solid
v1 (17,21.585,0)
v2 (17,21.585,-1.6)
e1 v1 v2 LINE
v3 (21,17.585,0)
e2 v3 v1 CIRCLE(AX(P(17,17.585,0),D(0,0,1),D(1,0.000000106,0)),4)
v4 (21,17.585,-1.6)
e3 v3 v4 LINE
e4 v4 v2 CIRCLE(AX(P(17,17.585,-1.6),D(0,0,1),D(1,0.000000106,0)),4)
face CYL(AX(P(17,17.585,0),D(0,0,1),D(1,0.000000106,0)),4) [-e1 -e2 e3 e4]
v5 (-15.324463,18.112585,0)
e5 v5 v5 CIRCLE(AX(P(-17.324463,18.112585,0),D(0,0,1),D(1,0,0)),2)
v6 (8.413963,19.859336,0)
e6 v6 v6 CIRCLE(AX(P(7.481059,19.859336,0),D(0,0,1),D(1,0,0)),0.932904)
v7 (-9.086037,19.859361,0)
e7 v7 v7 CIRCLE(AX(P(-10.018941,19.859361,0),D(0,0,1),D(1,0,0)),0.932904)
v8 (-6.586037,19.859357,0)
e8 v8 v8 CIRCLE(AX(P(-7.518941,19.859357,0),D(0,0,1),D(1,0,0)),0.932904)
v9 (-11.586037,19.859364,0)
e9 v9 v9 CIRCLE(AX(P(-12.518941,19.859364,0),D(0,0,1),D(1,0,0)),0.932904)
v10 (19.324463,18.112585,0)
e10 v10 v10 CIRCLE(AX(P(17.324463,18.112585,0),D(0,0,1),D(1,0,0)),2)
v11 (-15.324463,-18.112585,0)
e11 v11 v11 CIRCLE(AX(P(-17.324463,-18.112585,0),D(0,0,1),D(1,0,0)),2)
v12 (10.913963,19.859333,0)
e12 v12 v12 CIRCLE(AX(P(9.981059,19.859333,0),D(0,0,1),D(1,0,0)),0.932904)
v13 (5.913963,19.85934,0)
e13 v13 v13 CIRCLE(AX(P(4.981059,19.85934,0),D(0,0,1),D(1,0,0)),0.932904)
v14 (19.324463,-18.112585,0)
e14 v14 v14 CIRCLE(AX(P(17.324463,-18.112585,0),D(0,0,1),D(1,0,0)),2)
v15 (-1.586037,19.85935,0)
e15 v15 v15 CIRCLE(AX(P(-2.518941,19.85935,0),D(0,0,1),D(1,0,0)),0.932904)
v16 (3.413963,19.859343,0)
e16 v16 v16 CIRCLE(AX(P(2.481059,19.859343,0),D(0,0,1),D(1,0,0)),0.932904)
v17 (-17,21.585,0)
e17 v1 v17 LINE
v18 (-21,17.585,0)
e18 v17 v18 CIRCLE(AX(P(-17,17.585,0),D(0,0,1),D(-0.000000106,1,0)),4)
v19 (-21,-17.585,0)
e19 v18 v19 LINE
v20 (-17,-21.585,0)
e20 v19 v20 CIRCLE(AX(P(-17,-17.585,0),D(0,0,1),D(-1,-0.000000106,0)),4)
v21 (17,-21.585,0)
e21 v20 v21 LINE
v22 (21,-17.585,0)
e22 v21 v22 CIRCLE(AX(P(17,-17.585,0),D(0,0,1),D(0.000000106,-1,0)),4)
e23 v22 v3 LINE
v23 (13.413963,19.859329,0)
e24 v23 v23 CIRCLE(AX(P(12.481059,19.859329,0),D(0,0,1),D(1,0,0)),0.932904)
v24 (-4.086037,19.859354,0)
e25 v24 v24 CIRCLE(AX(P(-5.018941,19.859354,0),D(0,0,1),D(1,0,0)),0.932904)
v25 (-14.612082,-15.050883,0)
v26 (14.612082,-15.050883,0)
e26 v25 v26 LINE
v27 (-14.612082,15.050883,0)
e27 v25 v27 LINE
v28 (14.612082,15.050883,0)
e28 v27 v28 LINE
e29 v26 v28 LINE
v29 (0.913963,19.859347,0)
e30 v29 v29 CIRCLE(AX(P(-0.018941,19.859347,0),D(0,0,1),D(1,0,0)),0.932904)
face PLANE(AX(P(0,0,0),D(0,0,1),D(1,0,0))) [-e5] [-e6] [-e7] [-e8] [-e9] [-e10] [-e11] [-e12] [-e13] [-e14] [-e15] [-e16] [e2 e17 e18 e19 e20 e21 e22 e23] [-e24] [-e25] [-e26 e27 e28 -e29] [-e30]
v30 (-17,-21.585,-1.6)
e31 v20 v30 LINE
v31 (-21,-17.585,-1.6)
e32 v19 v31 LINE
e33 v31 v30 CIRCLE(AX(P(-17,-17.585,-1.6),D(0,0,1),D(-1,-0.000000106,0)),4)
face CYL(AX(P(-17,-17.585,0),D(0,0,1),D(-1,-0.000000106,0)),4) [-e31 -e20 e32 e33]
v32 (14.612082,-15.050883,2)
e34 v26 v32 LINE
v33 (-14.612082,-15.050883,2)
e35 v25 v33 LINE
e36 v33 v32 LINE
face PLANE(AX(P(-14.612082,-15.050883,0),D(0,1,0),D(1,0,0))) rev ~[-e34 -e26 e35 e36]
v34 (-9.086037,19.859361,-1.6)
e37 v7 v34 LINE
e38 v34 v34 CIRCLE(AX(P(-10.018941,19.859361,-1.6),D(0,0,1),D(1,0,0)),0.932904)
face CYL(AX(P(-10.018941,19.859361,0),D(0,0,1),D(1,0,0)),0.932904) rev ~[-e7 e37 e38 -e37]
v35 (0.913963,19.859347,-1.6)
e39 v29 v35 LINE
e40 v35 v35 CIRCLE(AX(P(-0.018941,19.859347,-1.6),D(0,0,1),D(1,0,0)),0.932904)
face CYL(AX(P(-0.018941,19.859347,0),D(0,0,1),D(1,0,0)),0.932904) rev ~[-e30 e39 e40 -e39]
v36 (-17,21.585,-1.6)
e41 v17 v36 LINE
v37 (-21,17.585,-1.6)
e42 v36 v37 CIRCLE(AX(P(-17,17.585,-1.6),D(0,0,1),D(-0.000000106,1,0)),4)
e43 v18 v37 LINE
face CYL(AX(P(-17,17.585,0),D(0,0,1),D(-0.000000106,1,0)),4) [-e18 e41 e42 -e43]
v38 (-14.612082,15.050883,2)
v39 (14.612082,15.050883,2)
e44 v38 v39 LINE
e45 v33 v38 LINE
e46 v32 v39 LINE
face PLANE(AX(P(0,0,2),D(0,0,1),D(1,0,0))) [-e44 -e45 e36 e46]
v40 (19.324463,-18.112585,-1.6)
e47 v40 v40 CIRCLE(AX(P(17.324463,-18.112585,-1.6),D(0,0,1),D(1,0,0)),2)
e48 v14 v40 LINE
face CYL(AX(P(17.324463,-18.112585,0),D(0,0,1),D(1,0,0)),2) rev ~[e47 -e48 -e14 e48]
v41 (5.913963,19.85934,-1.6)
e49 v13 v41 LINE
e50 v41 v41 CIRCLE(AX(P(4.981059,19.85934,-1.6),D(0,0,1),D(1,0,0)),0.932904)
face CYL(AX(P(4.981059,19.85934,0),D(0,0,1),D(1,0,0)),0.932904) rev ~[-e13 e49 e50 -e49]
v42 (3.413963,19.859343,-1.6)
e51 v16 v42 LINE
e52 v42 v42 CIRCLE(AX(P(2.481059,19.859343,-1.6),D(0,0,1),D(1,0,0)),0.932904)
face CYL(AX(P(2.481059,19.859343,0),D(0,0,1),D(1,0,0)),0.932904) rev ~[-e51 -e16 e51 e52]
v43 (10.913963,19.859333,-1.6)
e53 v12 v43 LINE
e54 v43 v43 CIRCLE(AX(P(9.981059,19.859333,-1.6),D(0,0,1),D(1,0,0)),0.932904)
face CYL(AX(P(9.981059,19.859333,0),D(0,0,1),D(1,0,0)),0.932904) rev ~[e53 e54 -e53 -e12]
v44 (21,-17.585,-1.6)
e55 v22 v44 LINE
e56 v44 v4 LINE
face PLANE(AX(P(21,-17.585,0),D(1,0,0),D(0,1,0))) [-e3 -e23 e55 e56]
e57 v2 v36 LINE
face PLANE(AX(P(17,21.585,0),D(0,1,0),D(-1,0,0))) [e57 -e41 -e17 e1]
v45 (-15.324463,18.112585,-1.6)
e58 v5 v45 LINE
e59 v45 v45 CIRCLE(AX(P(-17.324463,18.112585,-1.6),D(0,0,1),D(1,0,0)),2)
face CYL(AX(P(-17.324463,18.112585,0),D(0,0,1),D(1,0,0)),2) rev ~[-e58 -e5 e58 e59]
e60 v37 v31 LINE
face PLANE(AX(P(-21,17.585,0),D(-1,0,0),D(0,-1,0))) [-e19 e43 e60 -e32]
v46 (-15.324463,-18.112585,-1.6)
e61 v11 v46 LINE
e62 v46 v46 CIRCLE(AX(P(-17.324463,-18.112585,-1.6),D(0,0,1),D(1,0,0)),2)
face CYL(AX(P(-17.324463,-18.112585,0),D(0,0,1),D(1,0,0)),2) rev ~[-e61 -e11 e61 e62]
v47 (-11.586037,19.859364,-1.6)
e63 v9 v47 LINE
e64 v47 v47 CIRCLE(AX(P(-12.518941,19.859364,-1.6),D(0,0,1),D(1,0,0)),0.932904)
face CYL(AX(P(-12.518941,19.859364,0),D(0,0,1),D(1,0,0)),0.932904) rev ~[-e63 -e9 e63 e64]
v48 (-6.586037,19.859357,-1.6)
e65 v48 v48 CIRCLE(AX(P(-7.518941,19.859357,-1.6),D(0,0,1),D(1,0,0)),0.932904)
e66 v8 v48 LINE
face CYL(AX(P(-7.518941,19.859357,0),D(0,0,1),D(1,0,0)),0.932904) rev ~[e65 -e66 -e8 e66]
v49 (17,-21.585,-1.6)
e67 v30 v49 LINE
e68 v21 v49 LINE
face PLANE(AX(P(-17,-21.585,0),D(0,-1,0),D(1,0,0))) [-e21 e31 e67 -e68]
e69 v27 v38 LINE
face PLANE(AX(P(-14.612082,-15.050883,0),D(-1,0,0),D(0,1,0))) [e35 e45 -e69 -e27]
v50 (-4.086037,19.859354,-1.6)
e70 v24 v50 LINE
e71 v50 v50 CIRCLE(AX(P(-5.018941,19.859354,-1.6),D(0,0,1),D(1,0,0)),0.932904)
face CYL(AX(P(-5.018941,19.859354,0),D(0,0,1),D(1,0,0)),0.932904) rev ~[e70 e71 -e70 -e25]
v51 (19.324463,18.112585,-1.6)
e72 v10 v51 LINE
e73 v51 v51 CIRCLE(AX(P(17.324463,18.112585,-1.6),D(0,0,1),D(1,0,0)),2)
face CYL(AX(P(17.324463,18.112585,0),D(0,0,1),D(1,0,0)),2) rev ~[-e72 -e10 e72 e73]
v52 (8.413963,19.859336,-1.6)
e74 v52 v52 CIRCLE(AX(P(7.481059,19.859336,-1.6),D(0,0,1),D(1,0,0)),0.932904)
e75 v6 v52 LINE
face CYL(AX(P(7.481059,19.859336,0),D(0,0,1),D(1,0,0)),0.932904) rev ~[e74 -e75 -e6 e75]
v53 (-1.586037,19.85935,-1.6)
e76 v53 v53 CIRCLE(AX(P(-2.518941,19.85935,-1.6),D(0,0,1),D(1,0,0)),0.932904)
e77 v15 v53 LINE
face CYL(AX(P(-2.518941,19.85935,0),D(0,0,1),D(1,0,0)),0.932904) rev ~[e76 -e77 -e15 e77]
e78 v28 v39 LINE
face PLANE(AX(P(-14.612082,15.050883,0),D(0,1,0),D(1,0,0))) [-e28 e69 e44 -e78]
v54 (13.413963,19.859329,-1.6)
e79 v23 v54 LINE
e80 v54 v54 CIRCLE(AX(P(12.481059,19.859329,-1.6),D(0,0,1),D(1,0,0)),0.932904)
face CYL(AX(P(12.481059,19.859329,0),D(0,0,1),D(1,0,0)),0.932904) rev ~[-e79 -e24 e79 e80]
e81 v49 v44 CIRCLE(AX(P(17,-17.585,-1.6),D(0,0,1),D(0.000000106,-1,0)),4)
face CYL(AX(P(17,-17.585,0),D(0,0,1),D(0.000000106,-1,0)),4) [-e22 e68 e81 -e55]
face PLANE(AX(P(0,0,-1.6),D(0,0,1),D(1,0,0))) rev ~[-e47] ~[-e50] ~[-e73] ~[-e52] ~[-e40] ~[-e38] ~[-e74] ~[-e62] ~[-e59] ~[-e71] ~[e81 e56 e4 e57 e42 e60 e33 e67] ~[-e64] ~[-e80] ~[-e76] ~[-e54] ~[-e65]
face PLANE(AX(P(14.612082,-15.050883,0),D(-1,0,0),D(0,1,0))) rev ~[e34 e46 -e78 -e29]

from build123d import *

# Parameters (mm, degrees)
F0_R     = 2
F0_R_2   = 0.932904
F0_W     = 29.224164
F0_H     = 30.101766
F1_DEPTH = 1.6
F2_DEPTH = 2


with BuildPart() as f1:
    # F0 (on Top) → F1 (new body)
    with BuildSketch(Plane.XY):
        with BuildLine():
            Line((17, 21.585), (-17, 21.585))
            ThreePointArc((-17, 21.585), (-19.828427, 20.413427), (-21, 17.585))
            Line((-21, 17.585), (-21, -17.585))
            ThreePointArc((-21, -17.585), (-19.828427, -20.413427), (-17, -21.585))
            Line((-17, -21.585), (17, -21.585))
            ThreePointArc((17, -21.585), (19.828427, -20.413427), (21, -17.585))
            Line((21, -17.585), (21, 17.585))
            ThreePointArc((21, 17.585), (19.828427, 20.413427), (17, 21.585))
        make_face()
        with Locations((-17.324463, -18.112585)):
            Circle(F0_R, mode=Mode.SUBTRACT)
        with Locations((17.324463, -18.112585)):
            Circle(F0_R, mode=Mode.SUBTRACT)
        with Locations((-17.324463, 18.112585)):
            Circle(F0_R, mode=Mode.SUBTRACT)
        with Locations((-12.518941, 19.859364)):
            Circle(F0_R_2, mode=Mode.SUBTRACT)
        with Locations((-10.018941, 19.859361)):
            Circle(F0_R_2, mode=Mode.SUBTRACT)
        with Locations((-7.518941, 19.859357)):
            Circle(F0_R_2, mode=Mode.SUBTRACT)
        with Locations((-5.018941, 19.859354)):
            Circle(F0_R_2, mode=Mode.SUBTRACT)
        with Locations((-2.518941, 19.85935)):
            Circle(F0_R_2, mode=Mode.SUBTRACT)
        with Locations((-0.018941, 19.859347)):
            Circle(F0_R_2, mode=Mode.SUBTRACT)
        Rectangle(F0_W, F0_H, mode=Mode.SUBTRACT)
        with Locations((2.481059, 19.859343)):
            Circle(F0_R_2, mode=Mode.SUBTRACT)
        with Locations((4.981059, 19.85934)):
            Circle(F0_R_2, mode=Mode.SUBTRACT)
        with Locations((7.481059, 19.859336)):
            Circle(F0_R_2, mode=Mode.SUBTRACT)
        with Locations((9.981059, 19.859333)):
            Circle(F0_R_2, mode=Mode.SUBTRACT)
        with Locations((12.481059, 19.859329)):
            Circle(F0_R_2, mode=Mode.SUBTRACT)
        with Locations((17.324463, 18.112585)):
            Circle(F0_R, mode=Mode.SUBTRACT)
        Rectangle(F0_W, F0_H)
    extrude(amount=-F1_DEPTH)

    # F0 (on Top) → F2 (join)
    with BuildSketch(Plane.XY):
        Rectangle(F0_W, F0_H)
    extrude(amount=F2_DEPTH)


solid = f1.part
